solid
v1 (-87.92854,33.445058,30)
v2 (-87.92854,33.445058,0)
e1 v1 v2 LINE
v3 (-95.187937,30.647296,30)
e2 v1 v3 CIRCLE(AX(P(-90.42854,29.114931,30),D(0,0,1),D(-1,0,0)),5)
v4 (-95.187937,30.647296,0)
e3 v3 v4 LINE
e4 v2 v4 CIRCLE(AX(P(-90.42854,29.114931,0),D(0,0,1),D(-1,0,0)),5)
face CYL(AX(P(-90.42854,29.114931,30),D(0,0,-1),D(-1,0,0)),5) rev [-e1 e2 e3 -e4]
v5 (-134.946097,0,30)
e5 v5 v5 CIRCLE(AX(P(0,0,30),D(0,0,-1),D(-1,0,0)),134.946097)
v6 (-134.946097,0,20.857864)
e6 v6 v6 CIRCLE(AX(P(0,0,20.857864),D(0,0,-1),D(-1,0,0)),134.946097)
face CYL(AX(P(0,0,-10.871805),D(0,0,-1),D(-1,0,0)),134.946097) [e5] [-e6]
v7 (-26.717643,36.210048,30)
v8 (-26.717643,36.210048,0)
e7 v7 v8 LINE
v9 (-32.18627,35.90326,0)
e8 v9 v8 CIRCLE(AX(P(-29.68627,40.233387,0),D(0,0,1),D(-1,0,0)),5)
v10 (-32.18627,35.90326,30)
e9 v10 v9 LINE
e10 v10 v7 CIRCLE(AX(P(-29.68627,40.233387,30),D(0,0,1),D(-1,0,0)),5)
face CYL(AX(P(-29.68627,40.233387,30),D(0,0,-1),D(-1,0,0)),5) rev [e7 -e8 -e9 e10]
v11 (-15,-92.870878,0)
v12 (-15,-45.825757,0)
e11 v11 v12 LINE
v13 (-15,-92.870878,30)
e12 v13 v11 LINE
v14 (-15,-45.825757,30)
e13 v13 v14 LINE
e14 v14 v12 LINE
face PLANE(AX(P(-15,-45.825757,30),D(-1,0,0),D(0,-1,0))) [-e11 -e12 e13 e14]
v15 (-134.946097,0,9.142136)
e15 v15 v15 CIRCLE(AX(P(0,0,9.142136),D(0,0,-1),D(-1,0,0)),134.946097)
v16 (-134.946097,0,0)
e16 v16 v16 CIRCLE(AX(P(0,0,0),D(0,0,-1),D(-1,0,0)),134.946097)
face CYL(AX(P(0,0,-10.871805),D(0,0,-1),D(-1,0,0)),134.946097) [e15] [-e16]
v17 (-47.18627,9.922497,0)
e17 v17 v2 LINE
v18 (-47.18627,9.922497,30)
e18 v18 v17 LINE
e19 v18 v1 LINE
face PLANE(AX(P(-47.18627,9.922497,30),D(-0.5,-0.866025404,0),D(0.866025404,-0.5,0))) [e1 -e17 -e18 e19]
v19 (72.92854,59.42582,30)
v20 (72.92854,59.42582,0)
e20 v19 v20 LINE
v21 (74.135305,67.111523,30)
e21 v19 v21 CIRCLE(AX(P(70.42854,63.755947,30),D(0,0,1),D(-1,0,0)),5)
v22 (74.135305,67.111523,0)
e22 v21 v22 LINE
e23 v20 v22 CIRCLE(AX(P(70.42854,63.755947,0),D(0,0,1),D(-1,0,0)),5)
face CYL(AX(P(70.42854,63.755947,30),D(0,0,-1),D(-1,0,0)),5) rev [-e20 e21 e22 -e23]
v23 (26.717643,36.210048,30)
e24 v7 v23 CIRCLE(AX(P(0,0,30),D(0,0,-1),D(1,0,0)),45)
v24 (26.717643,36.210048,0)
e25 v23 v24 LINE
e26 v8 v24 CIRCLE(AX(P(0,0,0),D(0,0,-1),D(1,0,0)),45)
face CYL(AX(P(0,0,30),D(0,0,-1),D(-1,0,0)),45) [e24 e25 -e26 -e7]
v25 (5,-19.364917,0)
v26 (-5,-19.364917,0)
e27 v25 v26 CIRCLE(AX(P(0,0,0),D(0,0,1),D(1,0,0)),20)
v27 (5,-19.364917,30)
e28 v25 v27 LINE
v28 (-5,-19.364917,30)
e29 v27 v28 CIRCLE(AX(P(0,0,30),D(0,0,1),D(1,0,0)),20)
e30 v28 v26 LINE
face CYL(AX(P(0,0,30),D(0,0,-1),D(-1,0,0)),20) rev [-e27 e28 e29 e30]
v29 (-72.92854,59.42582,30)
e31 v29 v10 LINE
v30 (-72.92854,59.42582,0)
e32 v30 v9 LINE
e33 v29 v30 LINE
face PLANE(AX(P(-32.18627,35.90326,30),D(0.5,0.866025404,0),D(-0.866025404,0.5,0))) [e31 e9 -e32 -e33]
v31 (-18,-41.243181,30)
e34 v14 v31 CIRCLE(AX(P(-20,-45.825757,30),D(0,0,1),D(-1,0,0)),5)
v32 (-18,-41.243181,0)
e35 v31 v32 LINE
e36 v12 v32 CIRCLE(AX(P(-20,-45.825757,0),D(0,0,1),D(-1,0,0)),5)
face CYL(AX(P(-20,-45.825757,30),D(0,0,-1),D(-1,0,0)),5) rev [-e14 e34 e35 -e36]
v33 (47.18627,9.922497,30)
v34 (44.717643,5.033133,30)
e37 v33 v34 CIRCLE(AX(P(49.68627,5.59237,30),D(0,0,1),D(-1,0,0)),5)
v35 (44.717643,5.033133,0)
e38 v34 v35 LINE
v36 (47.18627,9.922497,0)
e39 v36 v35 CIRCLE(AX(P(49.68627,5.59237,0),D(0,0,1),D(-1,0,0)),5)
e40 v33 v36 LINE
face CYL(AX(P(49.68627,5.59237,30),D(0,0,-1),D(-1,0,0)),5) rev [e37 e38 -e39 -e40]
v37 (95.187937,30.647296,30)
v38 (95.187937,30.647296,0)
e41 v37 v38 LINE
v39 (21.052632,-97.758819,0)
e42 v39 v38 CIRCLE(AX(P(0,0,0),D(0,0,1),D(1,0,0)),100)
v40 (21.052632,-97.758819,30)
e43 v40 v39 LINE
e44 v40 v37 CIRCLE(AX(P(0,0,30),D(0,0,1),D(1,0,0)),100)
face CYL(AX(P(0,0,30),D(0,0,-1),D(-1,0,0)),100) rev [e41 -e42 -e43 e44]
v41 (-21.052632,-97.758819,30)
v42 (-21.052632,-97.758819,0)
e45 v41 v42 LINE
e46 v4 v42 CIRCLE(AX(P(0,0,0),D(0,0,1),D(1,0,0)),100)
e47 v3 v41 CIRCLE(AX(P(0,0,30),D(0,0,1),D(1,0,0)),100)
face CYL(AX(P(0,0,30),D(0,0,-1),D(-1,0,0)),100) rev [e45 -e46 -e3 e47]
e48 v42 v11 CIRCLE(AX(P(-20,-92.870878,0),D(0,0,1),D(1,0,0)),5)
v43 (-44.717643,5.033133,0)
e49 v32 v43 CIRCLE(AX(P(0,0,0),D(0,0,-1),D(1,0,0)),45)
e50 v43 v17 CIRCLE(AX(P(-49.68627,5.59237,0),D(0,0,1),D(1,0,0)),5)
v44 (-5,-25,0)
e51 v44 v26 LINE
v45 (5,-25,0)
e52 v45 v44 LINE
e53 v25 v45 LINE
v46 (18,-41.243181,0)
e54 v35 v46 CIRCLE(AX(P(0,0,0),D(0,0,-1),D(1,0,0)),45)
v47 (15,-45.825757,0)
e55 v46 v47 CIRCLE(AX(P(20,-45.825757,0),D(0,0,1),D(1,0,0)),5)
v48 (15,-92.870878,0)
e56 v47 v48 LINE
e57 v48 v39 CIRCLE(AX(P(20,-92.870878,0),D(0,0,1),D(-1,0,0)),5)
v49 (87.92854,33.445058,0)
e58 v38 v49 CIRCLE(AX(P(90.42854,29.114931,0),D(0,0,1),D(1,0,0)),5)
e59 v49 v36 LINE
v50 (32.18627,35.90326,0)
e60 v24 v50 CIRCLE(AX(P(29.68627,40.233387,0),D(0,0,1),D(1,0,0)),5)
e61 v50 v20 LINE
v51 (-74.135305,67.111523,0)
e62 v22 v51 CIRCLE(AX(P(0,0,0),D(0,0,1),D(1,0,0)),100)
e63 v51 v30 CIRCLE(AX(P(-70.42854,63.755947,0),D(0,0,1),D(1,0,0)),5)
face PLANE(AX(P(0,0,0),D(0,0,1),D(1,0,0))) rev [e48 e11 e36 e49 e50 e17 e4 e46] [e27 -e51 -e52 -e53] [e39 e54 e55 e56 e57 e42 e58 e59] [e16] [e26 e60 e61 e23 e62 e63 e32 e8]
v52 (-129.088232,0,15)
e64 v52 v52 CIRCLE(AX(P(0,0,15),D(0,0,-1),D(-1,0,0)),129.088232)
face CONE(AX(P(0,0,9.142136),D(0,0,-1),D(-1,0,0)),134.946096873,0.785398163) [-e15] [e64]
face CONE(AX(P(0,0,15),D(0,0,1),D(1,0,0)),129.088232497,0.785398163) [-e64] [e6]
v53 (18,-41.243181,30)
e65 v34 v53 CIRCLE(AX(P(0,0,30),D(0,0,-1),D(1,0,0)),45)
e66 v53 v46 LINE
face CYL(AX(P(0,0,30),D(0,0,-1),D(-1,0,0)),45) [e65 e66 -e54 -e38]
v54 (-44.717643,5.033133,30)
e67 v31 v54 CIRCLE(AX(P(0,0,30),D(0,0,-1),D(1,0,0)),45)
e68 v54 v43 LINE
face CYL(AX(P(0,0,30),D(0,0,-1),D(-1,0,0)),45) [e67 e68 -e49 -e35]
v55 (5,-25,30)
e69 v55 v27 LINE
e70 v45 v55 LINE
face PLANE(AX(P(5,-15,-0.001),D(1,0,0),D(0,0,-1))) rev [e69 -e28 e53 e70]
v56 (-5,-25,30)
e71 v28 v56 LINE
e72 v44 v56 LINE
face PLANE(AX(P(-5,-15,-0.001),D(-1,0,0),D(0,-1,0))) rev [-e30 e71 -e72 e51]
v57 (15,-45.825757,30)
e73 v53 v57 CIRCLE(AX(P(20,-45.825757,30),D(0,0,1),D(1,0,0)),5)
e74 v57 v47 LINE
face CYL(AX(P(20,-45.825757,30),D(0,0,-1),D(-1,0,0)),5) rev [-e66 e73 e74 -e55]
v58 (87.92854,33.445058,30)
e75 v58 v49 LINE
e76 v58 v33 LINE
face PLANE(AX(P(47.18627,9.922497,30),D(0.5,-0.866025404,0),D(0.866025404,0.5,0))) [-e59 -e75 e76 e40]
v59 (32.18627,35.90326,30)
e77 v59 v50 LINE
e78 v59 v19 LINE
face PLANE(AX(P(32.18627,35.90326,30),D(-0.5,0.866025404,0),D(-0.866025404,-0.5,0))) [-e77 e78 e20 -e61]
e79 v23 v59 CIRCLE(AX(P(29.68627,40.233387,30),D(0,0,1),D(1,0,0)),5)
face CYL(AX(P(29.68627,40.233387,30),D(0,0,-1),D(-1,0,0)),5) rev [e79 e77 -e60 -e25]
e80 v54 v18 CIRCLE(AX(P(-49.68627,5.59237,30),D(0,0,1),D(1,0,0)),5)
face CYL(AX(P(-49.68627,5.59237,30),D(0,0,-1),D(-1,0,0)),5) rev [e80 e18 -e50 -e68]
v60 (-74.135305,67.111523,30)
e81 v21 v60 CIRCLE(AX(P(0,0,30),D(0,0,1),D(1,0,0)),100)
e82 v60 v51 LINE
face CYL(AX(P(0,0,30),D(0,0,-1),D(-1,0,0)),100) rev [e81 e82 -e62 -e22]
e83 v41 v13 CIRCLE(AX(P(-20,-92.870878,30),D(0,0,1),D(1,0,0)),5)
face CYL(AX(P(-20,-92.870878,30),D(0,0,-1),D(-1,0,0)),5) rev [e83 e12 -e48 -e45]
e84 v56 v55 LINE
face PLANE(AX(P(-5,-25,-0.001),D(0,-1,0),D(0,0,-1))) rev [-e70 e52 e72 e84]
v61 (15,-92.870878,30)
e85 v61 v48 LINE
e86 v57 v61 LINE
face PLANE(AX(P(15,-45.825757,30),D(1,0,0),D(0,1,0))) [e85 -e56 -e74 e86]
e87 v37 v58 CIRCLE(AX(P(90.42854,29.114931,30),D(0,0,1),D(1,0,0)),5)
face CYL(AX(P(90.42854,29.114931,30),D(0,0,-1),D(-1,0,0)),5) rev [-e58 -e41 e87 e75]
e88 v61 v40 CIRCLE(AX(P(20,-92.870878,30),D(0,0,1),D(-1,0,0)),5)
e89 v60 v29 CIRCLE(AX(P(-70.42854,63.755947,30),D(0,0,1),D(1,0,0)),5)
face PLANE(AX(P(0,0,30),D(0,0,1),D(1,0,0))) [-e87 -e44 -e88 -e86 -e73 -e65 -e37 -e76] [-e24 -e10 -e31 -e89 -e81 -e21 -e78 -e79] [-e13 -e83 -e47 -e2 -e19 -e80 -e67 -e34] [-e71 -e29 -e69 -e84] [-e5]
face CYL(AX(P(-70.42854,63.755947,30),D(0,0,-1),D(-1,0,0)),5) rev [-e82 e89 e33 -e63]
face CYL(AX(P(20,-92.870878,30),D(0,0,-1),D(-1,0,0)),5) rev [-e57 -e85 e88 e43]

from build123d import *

# Parameters (mm, degrees)
SKETCH1_R           = 125
SKETCH1_R_2         = 20
BOSS_EXTRUDE1_DEPTH = 30
CUT_EXTRUDE1_REACH  = 181.304
SKETCH2_W           = 10
SKETCH2_H           = 10


with BuildPart() as part:
    # Sketch1 → Boss-Extrude1 (new body)
    with BuildSketch(Plane.XY):
        Circle(SKETCH1_R)
        Circle(SKETCH1_R_2, mode=Mode.SUBTRACT)
        with BuildLine():
            Line((-15, -45.82575695), (-15, -92.870878105))
            ThreePointArc((-15, -92.870878105), (-16.858595688, -96.760811131), (-21.052631579, -97.758819058))
            ThreePointArc((-21.052631579, -97.758819058), (-86.602540378, -50), (-95.187936538, 30.647295765))
            ThreePointArc((-95.187936538, 30.647295765), (-92.226618374, 33.780433428), (-87.928539711, 33.445057996))
            Line((-87.928539711, 33.445057996), (-47.186269666, 9.922497418))
            ThreePointArc((-47.186269666, 9.922497418), (-45.222911355, 7.845908192), (-44.717642699, 5.033133359))
            ThreePointArc((-44.717642699, 5.033133359), (-38.97114317, -22.5), (-18, -41.243181255))
            ThreePointArc((-18, -41.243181255), (-15.816699867, -43.087144162), (-15, -45.82575695))
        make_face(mode=Mode.SUBTRACT)
        with BuildLine():
            Line((15, -45.82575695), (15, -92.870878105))
            ThreePointArc((15, -92.870878105), (16.858595688, -96.760811131), (21.052631579, -97.758819058))
            ThreePointArc((21.052631579, -97.758819058), (86.602540378, -50), (95.187936538, 30.647295765))
            ThreePointArc((95.187936538, 30.647295765), (92.226618374, 33.780433428), (87.928539711, 33.445057996))
            Line((87.928539711, 33.445057996), (47.186269666, 9.922497418))
            ThreePointArc((47.186269666, 9.922497418), (45.222911355, 7.845908192), (44.717642699, 5.033133359))
            ThreePointArc((44.717642699, 5.033133359), (38.97114317, -22.5), (18, -41.243181255))
            ThreePointArc((18, -41.243181255), (15.816699867, -43.087144162), (15, -45.82575695))
        make_face(mode=Mode.SUBTRACT)
        with BuildLine():
            Line((-32.186269666, 35.903259532), (-72.928539711, 59.425820109))
            ThreePointArc((-72.928539711, 59.425820109), (-75.368022686, 62.980377703), (-74.135304959, 67.111523293))
            ThreePointArc((-74.135304959, 67.111523293), (0, 100), (74.135304959, 67.111523293))
            ThreePointArc((74.135304959, 67.111523293), (75.368022686, 62.980377703), (72.928539711, 59.425820109))
            Line((72.928539711, 59.425820109), (32.186269666, 35.903259532))
            ThreePointArc((32.186269666, 35.903259532), (29.406211487, 35.24123597), (26.717642699, 36.210047895))
            ThreePointArc((26.717642699, 36.210047895), (0, 45), (-26.717642699, 36.210047895))
            ThreePointArc((-26.717642699, 36.210047895), (-29.406211487, 35.24123597), (-32.186269666, 35.903259532))
        make_face(mode=Mode.SUBTRACT)
    extrude(amount=BOSS_EXTRUDE1_DEPTH)

    # Sketch2 → Cut-Extrude1 (cut, up to next)
    with BuildSketch(Plane.XY.offset(30), mode=Mode.PRIVATE) as cut_extrude1_sk1:
        with Locations((0, -20)):
            Rectangle(SKETCH2_W, SKETCH2_H)
    cut_extrude1_tool1 = extrude(cut_extrude1_sk1.sketch, amount=-CUT_EXTRUDE1_REACH, mode=Mode.PRIVATE) & part.part
    add(cut_extrude1_tool1.solids().sort_by_distance((0, -20, 30))[0], mode=Mode.SUBTRACT)

    # Sketch3 → Revolve-Thin1 (revolve)
    with BuildSketch(Plane(origin=(0, 0, 0), x_dir=(0, 0, -1), z_dir=(1, 0, 0)), mode=Mode.PRIVATE) as revolve_thin1_sk:
        Polygon((-30, 124.946096873), (-25, 124.946096873), (-15, 114.946096873), (-5, 124.946096873), (0, 124.946096873), (0, 134.946096873), (-9.142135624, 134.946096873), (-15, 129.088232497), (-20.857864376, 134.946096873), (-30, 134.946096873), align=None)
    revolve(revolve_thin1_sk.sketch.rotate(Axis((0, 0, -10.871805442), (0, 0, 1)), 90), axis=Axis((0, 0, -10.871805442), (0, 0, 1)))


solid = part.part
